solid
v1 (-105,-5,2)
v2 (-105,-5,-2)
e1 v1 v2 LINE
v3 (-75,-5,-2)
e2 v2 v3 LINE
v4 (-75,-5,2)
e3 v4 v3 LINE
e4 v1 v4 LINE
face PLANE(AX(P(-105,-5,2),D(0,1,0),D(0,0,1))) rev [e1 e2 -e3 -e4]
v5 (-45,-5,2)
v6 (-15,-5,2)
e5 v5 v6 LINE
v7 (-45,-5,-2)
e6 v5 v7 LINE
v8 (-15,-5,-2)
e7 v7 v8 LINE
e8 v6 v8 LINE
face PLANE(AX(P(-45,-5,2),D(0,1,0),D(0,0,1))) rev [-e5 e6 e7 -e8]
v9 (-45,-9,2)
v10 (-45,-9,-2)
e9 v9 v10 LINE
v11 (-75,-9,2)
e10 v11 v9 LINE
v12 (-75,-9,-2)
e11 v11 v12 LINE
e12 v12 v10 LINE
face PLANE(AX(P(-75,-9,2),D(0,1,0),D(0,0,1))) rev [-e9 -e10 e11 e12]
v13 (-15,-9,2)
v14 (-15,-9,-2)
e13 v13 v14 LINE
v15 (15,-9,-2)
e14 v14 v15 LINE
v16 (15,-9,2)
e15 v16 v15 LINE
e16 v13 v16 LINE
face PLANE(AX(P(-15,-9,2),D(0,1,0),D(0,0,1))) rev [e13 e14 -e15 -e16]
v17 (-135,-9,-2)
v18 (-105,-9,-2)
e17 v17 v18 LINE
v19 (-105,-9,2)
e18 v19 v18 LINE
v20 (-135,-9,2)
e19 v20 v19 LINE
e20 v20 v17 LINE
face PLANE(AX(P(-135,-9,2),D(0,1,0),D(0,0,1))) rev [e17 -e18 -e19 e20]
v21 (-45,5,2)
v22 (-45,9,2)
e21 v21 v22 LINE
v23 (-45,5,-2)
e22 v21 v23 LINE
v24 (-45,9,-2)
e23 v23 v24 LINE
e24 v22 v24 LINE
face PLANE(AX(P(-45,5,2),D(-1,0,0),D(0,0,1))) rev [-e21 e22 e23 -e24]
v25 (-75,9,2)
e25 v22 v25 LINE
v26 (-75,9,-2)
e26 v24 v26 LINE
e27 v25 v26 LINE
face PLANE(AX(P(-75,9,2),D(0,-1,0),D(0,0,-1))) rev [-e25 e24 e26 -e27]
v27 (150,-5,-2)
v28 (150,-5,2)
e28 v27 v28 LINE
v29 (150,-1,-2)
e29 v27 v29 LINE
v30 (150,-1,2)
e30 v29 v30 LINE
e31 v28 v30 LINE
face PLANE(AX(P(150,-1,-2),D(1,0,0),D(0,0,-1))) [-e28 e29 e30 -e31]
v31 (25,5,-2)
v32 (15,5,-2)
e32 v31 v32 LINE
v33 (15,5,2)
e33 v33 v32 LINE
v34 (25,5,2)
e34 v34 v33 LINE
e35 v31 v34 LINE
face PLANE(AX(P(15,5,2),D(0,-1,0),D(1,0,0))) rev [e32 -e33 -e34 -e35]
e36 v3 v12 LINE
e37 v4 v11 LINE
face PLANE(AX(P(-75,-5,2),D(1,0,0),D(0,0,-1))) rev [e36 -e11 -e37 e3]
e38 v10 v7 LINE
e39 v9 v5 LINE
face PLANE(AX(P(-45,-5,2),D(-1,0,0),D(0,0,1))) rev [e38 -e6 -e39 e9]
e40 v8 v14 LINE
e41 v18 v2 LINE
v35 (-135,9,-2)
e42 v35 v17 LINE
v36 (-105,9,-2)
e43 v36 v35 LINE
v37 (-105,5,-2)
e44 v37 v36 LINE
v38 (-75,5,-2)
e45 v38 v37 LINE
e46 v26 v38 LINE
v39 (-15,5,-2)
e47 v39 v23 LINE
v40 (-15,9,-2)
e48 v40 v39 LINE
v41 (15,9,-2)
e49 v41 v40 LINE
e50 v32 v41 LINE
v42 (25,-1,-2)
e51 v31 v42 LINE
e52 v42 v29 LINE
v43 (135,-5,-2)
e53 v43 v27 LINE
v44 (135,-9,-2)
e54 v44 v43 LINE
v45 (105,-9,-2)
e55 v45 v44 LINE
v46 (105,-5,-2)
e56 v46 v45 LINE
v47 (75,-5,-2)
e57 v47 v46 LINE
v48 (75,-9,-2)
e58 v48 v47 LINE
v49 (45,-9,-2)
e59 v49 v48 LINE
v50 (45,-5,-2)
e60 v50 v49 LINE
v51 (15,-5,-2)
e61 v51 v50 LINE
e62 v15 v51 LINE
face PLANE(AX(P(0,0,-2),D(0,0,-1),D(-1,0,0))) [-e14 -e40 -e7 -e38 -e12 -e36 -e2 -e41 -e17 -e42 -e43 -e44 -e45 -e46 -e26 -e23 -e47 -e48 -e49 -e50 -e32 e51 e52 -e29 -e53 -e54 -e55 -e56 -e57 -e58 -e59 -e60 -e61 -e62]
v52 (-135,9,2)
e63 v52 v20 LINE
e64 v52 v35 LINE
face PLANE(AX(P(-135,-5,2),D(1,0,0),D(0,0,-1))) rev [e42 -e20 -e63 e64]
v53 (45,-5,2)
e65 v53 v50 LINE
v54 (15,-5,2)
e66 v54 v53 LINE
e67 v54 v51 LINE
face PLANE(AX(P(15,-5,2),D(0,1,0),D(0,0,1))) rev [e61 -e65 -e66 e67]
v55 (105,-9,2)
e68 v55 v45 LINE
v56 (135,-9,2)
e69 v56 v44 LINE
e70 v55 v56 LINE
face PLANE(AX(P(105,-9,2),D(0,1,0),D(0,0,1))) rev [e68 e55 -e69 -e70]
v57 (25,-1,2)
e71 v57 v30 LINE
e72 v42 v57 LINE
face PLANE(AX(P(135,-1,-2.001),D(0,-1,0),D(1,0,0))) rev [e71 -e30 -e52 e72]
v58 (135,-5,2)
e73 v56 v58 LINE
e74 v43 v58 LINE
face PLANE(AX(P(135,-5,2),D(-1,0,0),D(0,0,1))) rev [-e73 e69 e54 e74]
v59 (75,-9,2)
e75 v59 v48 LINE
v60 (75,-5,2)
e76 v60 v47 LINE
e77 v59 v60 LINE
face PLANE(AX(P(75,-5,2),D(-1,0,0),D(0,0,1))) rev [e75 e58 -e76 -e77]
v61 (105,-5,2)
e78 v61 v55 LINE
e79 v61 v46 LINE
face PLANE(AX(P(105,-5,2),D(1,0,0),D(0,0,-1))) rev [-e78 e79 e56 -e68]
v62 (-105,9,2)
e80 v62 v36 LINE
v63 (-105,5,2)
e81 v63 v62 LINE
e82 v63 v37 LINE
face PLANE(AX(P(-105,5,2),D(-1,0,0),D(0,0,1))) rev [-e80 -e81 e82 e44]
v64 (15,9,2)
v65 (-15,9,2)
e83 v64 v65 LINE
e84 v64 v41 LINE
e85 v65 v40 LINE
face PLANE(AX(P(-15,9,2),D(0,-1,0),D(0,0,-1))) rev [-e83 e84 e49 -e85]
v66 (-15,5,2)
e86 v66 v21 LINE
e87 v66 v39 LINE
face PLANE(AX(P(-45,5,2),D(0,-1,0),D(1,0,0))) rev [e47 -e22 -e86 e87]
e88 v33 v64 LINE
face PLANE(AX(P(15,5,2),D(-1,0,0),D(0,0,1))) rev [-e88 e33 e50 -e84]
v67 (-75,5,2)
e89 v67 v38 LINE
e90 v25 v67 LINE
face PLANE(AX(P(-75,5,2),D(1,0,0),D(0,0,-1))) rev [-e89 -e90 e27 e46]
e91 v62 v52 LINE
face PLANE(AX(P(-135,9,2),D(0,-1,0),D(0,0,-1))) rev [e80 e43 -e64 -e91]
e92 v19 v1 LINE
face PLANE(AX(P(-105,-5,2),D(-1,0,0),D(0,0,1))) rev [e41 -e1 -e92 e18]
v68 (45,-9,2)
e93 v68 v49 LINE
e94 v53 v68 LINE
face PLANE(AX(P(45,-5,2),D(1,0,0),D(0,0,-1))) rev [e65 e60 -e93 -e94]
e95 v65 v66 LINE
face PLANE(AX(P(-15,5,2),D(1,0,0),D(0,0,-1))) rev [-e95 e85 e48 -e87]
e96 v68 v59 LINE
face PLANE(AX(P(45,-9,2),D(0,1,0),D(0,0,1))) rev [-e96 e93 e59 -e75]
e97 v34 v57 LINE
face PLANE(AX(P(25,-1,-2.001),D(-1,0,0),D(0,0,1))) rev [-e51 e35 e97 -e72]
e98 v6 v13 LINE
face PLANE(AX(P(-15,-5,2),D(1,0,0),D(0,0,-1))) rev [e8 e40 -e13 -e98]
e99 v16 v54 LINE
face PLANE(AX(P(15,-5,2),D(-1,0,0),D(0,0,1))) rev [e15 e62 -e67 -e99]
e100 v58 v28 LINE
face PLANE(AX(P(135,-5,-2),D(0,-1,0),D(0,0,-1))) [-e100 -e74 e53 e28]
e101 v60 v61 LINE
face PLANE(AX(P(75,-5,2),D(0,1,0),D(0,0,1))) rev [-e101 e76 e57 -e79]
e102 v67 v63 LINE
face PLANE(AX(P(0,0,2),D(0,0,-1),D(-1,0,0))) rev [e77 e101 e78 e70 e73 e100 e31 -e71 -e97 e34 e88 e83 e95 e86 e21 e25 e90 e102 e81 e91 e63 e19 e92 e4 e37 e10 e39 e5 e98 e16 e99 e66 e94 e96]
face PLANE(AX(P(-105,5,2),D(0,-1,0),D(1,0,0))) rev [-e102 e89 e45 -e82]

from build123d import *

# Parameters (mm, degrees)
BOSS_EXTRUDE1_DEPTH = 2
CUT_EXTRUDE1_REACH  = 137.359
SKETCH2_W           = 110
SKETCH2_H           = 10
SKETCH3_W           = 15
SKETCH3_H           = 4
BOSS_EXTRUDE2_DEPTH = 4


with BuildPart() as part:
    # Sketch1 → Boss-Extrude1 (new, symmetric)
    with BuildSketch(Plane.XY):
        Polygon((-105, -5), (-75, -5), (-75, -9), (-45, -9), (-45, -5), (-15, -5), (-15, -9), (15, -9), (15, -5), (45, -5), (45, -9), (75, -9), (75, -5), (105, -5), (105, -9), (135, -9), (135, -5), (135, 5), (135, 9), (105, 9), (105, 5), (75, 5), (75, 9), (45, 9), (45, 5), (15, 5), (15, 9), (-15, 9), (-15, 5), (-45, 5), (-45, 9), (-75, 9), (-75, 5), (-105, 5), (-105, 9), (-135, 9), (-135, 5), (-135, -5), (-135, -9), (-105, -9), align=None)
    extrude(amount=BOSS_EXTRUDE1_DEPTH, both=True)

    # Sketch2 → Cut-Extrude1 (cut, up to next)
    with BuildSketch(Plane.XY.offset(2), mode=Mode.PRIVATE) as cut_extrude1_sk1:
        with Locations((80, 4)):
            Rectangle(SKETCH2_W, SKETCH2_H)
    cut_extrude1_tool1 = extrude(cut_extrude1_sk1.sketch, amount=-CUT_EXTRUDE1_REACH, mode=Mode.PRIVATE) & part.part
    add(cut_extrude1_tool1.solids().sort_by_distance((80, 4, 2))[0], mode=Mode.SUBTRACT)

    # Sketch3 → Boss-Extrude2 (add)
    with BuildSketch(Plane.XY.offset(2)):
        with Locations((142.5, -3)):
            Rectangle(SKETCH3_W, SKETCH3_H)
    extrude(amount=-BOSS_EXTRUDE2_DEPTH)


solid = part.part
